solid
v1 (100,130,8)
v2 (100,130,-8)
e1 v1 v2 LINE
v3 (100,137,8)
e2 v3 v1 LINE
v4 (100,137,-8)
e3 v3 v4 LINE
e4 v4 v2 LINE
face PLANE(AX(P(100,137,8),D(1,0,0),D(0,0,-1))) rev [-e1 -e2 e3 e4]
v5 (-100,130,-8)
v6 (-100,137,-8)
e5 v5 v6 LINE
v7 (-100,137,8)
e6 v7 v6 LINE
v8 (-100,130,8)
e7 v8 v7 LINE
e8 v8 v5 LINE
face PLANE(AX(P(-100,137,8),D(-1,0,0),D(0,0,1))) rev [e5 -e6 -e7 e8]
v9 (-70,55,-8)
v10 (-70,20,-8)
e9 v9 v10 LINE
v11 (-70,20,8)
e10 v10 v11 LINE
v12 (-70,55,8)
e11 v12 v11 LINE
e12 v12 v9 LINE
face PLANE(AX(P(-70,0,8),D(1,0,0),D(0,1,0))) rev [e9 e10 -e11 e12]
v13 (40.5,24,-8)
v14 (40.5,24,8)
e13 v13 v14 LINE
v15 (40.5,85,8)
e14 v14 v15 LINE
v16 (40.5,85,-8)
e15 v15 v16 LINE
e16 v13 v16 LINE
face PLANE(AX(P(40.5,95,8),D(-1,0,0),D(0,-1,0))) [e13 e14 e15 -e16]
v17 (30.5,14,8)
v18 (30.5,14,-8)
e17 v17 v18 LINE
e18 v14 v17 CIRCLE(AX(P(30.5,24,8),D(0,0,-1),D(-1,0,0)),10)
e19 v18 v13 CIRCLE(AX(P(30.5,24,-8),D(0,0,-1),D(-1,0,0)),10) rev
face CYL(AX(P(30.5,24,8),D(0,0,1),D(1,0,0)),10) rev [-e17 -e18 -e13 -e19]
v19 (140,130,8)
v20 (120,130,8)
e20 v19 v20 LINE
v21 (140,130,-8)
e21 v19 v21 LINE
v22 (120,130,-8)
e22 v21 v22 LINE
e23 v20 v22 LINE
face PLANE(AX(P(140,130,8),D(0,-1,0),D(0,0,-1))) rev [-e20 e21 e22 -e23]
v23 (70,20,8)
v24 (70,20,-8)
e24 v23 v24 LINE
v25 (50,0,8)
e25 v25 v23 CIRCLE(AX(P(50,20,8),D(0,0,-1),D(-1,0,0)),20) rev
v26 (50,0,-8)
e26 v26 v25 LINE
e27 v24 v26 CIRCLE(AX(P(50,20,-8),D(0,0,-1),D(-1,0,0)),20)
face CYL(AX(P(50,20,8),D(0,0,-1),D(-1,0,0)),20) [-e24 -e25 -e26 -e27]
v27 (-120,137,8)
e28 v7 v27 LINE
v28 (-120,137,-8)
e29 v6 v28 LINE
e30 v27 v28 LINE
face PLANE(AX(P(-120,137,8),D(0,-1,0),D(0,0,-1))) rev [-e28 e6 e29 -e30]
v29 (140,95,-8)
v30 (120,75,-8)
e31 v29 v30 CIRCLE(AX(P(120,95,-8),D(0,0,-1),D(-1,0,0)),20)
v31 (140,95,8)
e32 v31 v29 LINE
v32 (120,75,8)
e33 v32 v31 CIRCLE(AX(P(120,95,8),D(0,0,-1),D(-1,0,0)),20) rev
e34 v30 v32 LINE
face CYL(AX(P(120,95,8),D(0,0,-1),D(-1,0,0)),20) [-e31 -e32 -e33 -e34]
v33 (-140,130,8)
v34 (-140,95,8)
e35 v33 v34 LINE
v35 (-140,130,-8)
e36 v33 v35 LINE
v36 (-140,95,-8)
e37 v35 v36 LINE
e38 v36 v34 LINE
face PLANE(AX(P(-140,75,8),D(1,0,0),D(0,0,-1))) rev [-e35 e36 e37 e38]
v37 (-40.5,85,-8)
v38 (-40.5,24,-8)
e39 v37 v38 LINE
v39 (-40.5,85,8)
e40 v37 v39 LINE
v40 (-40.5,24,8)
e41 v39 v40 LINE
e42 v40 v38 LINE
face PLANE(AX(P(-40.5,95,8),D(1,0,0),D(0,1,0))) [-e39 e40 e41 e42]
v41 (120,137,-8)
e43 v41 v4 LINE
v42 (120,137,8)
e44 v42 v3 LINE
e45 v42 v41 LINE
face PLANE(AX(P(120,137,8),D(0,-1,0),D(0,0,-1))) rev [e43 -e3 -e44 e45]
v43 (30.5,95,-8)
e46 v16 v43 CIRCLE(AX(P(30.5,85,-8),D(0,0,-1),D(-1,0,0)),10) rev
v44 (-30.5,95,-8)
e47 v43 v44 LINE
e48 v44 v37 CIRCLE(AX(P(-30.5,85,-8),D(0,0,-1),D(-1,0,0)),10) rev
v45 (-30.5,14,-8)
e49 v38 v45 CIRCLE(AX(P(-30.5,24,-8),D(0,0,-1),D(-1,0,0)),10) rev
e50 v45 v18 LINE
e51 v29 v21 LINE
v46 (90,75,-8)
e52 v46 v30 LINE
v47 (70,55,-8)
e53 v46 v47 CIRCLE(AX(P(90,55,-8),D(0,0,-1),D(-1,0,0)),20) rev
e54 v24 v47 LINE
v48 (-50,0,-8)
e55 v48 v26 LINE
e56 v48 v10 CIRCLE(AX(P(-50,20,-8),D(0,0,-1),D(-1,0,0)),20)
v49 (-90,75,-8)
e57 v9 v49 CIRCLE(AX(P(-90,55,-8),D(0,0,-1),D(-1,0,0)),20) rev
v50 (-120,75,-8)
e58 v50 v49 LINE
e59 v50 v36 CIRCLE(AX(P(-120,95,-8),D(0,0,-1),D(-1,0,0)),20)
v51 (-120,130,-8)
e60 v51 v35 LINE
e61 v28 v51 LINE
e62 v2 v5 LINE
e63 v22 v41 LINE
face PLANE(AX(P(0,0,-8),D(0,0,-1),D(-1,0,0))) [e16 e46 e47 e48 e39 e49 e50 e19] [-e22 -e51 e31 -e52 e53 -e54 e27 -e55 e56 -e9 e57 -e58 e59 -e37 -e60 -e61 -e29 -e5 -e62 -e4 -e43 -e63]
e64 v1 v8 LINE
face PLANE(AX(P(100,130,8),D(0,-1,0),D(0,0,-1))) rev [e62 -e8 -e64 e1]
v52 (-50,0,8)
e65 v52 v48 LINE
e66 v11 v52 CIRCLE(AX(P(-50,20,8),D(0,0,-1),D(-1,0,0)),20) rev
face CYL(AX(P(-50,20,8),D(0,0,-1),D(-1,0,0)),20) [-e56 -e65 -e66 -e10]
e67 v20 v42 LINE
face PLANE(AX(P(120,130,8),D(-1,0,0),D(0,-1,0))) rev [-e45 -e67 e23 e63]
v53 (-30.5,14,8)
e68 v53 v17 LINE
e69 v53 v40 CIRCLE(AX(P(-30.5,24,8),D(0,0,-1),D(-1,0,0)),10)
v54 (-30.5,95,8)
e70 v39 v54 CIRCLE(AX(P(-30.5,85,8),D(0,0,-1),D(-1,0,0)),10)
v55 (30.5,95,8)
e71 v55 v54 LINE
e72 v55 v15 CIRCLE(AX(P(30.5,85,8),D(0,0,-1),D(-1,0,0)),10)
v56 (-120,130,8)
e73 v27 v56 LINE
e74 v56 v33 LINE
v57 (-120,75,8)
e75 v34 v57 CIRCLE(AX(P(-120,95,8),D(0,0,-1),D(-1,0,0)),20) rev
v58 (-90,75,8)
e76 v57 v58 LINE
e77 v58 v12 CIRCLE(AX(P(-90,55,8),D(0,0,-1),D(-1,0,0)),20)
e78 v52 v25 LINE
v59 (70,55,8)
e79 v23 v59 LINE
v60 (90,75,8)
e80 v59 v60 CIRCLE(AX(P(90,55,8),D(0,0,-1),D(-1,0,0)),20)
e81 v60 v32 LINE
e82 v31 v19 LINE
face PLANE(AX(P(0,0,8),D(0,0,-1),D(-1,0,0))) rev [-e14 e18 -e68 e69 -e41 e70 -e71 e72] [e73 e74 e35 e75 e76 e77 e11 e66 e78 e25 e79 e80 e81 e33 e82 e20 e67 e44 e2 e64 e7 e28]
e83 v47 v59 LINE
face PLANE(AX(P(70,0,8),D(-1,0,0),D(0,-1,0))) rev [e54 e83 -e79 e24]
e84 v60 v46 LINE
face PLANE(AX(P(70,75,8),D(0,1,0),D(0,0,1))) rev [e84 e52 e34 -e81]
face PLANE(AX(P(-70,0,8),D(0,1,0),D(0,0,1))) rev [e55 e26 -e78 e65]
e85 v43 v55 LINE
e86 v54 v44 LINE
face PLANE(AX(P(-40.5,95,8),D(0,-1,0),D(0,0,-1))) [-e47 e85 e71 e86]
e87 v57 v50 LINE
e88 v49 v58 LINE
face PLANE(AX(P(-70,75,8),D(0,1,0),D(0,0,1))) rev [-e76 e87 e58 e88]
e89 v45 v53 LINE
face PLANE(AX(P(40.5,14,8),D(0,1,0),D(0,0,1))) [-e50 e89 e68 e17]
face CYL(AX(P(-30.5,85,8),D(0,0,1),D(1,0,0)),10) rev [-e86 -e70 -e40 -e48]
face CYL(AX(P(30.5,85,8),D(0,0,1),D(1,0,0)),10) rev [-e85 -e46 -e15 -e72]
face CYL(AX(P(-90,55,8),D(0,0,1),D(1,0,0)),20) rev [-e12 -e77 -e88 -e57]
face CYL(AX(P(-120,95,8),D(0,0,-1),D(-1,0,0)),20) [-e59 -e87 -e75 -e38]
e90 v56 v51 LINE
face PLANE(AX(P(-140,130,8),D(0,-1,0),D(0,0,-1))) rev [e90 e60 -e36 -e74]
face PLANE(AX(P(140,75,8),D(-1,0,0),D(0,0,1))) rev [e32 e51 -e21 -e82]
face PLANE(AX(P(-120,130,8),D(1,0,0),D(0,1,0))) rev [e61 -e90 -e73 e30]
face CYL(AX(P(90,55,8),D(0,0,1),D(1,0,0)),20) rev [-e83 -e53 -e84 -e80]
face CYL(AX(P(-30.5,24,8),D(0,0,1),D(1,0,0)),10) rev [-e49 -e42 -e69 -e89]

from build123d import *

# Parameters (mm, degrees)
SKETCH_1_W      = 81
SKETCH_1_H      = 81
EXTRUDE_1_DEPTH = 8
FILLET_1_R      = 20
FILLET_2_R      = 10


with BuildPart() as part:
    # 草图1 → 凸台-拉伸1 (new, symmetric)
    with BuildSketch(Plane.XY):
        Polygon((-70, 0), (70, 0), (70, 75), (140, 75), (140, 130), (120, 130), (120, 137), (100, 137), (100, 130), (-100, 130), (-100, 137), (-120, 137), (-120, 130), (-140, 130), (-140, 75), (-70, 75), align=None)
        with Locations((0, 54.5)):
            Rectangle(SKETCH_1_W, SKETCH_1_H, mode=Mode.SUBTRACT)
    extrude(amount=EXTRUDE_1_DEPTH, both=True)

    # 圆角1
    fillet_1_edges = [part.edges().sort_by_distance(p)[0] for p in [
        (70, 0, 0),
        (-70, 0, 0),
        (-70, 75, 0),
        (-140, 75, 0),
        (140, 75, 0),
        (70, 75, 0),
    ]]
    fillet(fillet_1_edges, radius=FILLET_1_R)

    # 圆角2
    fillet_2_edges = [part.edges().sort_by_distance(p)[0] for p in [
        (-40.5, 95, 0),
        (-40.5, 14, 0),
        (40.5, 14, 0),
        (40.5, 95, 0),
    ]]
    fillet(fillet_2_edges, radius=FILLET_2_R)


solid = part.part
